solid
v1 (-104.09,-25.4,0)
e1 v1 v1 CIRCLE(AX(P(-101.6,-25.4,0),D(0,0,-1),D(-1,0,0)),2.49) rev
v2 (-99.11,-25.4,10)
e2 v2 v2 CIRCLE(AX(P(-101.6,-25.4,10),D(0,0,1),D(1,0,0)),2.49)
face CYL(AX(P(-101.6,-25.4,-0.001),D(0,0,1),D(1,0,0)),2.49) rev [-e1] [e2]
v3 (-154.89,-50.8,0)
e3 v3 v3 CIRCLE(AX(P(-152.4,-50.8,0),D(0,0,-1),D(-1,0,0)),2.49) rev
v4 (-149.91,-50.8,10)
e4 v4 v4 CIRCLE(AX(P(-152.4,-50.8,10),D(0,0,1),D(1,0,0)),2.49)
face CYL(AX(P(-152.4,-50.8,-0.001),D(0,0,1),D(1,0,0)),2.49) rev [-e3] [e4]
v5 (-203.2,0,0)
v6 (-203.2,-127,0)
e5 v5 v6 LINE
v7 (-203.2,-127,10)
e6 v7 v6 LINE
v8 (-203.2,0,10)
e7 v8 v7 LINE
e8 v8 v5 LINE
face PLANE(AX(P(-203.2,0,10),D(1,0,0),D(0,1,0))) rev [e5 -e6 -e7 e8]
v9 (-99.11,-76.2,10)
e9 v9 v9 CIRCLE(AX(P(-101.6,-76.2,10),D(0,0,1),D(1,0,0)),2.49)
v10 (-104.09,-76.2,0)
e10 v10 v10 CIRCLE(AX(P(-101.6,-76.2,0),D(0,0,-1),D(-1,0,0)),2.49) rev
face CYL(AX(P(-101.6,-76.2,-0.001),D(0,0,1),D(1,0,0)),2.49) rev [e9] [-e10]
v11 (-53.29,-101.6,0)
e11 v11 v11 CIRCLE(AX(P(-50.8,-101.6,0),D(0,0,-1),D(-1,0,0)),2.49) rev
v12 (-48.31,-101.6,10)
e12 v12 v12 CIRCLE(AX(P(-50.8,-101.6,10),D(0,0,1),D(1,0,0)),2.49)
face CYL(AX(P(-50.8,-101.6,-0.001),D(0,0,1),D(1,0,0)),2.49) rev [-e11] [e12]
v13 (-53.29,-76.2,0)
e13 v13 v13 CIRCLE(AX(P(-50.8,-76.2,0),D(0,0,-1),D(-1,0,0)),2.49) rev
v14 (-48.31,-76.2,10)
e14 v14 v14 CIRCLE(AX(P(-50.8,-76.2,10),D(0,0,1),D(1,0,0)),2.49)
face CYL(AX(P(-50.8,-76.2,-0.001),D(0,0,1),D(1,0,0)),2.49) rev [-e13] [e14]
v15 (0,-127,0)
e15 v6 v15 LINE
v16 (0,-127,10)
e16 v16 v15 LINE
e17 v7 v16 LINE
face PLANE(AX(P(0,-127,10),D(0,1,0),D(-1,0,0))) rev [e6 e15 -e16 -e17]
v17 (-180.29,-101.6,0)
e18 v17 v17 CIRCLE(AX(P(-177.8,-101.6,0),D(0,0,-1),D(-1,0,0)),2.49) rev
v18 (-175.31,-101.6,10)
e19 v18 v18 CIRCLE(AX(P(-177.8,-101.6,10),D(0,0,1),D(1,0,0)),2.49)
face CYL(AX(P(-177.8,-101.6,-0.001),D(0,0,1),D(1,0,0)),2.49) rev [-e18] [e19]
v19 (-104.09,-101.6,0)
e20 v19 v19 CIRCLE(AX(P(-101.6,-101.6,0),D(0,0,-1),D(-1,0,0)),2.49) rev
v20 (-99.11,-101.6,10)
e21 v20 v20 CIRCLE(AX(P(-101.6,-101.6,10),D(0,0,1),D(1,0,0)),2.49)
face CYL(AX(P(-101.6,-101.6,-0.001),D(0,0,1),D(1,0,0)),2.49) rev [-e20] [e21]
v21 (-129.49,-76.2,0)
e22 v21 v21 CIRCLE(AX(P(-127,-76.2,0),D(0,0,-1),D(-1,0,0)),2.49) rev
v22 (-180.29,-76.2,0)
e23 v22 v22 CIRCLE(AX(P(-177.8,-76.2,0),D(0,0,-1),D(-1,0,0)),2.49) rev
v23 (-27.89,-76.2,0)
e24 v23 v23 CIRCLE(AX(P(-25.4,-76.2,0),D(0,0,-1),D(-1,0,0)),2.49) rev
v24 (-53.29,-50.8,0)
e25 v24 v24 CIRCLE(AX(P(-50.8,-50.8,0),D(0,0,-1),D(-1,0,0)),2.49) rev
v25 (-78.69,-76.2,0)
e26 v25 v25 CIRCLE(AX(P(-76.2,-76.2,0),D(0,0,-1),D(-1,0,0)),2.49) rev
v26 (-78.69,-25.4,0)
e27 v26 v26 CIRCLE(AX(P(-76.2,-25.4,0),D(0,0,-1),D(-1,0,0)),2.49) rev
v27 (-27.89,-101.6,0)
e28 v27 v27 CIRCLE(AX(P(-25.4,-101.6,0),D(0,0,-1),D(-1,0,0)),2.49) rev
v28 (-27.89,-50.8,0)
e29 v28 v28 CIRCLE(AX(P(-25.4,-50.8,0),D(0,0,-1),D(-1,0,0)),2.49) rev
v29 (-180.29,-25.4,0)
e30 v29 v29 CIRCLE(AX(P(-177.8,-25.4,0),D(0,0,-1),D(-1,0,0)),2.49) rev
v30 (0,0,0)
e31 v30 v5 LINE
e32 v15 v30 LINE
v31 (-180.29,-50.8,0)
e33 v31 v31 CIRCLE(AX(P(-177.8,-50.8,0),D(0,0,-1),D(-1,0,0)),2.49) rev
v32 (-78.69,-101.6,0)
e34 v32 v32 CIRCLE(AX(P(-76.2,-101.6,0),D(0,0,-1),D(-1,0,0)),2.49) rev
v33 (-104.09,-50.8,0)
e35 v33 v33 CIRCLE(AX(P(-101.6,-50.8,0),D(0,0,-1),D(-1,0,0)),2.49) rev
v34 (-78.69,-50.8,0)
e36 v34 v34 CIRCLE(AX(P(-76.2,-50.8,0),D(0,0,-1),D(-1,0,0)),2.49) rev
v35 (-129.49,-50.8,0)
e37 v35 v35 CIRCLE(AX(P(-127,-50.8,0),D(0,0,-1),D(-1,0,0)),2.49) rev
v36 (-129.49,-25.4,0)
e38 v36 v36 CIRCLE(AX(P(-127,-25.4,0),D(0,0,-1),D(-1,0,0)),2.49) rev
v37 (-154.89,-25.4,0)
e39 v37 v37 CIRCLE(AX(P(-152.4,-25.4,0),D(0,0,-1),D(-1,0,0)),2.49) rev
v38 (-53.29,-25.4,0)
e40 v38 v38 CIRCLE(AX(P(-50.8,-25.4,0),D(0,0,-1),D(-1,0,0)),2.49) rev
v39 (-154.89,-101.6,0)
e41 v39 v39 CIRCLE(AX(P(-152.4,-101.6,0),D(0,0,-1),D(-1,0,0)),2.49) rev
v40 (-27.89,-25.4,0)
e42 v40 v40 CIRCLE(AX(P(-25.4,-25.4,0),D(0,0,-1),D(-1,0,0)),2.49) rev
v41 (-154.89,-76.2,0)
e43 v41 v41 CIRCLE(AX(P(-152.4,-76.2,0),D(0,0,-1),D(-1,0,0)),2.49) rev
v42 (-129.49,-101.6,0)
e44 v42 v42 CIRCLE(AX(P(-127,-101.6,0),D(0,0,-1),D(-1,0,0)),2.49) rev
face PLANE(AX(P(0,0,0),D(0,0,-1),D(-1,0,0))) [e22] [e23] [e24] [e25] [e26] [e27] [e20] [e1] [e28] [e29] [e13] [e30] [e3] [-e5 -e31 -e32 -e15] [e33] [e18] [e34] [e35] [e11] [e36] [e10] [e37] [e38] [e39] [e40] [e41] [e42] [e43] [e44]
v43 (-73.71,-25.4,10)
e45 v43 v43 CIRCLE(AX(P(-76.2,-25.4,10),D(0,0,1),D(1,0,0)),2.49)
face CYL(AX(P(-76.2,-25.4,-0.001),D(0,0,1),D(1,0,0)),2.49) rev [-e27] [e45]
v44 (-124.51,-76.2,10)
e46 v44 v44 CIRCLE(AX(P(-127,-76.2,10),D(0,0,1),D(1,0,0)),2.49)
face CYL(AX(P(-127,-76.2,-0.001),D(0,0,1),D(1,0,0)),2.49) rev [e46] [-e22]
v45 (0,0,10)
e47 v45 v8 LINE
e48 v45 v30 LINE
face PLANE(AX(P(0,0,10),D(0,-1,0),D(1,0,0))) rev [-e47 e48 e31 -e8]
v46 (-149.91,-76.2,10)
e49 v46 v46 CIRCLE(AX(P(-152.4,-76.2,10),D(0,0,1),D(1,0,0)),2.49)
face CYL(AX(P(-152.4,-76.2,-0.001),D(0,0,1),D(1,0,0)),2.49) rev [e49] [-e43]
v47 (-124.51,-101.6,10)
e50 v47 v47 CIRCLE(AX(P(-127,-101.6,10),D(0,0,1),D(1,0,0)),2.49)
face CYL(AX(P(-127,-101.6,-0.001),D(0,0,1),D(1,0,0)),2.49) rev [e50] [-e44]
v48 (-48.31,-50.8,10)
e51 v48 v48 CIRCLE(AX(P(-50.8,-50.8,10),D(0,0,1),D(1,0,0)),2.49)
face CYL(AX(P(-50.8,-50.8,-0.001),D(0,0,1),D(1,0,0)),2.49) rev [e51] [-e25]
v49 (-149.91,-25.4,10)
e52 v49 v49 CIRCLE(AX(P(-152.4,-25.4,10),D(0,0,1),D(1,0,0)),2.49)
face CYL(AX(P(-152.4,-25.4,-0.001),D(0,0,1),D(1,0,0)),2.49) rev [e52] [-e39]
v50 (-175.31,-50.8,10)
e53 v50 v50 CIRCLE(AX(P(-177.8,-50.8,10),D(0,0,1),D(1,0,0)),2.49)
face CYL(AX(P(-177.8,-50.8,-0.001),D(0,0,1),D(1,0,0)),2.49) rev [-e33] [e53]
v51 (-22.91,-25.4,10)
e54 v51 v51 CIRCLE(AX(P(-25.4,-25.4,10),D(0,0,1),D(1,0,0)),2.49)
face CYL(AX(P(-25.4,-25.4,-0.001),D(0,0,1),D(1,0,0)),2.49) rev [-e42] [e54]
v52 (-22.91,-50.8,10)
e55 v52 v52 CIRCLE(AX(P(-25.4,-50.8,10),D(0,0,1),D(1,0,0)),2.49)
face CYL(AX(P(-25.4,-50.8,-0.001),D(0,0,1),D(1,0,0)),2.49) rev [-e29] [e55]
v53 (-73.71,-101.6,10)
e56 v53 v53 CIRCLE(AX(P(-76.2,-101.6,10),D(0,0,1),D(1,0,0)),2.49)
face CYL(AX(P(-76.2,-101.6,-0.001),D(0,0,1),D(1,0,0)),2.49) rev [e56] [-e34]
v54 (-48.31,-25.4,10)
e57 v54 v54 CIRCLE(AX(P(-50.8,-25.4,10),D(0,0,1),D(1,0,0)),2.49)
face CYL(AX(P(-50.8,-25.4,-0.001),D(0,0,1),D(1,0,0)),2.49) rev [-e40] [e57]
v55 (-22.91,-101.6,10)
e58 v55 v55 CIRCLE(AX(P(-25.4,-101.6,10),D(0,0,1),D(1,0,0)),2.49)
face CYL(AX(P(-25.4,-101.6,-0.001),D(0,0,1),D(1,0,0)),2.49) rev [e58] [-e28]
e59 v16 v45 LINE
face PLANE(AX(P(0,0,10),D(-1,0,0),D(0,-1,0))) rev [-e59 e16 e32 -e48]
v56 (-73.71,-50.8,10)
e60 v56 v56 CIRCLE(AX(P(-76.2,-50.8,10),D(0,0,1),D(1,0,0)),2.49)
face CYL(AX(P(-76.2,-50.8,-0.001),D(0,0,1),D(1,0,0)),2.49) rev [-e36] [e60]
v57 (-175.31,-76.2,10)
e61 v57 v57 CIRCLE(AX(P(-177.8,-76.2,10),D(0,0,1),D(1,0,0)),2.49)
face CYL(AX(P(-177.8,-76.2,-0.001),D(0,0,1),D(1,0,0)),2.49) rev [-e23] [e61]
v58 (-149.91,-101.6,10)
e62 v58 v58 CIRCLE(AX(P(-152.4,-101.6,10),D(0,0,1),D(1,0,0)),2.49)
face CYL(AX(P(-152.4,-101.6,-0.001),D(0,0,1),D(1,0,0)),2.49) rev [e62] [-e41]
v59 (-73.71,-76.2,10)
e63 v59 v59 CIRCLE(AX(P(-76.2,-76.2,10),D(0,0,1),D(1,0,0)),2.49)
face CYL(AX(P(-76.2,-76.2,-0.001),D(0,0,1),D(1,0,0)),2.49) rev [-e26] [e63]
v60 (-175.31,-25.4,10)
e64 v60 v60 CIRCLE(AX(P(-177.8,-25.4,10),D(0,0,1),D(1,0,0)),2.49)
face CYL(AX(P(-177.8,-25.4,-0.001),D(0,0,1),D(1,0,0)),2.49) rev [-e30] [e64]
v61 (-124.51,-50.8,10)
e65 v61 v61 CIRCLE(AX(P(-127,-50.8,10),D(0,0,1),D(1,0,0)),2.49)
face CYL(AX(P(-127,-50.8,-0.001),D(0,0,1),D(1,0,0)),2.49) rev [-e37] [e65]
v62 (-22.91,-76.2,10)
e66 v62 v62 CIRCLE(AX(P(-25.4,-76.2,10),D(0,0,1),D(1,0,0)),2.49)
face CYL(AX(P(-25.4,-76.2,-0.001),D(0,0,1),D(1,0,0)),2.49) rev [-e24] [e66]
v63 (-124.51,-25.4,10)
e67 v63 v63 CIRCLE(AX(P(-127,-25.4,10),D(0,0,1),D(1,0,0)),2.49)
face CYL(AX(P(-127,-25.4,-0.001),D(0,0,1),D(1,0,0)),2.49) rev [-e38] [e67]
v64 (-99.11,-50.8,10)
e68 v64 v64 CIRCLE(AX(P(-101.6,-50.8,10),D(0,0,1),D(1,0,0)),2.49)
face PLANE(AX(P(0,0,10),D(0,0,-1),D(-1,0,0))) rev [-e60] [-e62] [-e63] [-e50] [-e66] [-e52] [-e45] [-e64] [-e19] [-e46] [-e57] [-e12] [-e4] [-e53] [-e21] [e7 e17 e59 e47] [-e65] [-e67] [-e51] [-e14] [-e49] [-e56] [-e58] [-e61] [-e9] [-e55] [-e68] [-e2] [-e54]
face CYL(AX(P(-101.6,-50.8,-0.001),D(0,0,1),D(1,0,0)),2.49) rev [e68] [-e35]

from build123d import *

# Parameters (mm, degrees)
SKETCH1_W           = 203.2
SKETCH1_H           = 127
BOSS_EXTRUDE1_DEPTH = 10
SKETCH2_R           = 2.49
CUT_EXTRUDE1_DEPTH  = 10


with BuildPart() as part:
    # Sketch1 → Boss-Extrude1 (new body)
    with BuildSketch(Plane.XY):
        with Locations((-101.6, -63.5)):
            Rectangle(SKETCH1_W, SKETCH1_H)
    extrude(amount=BOSS_EXTRUDE1_DEPTH)

    # Sketch2 → Cut-Extrude1 (cut)
    with BuildSketch(Plane.XY.offset(10)):
        with Locations((-177.8, -25.4)):
            Circle(SKETCH2_R)
        with Locations((-152.4, -25.4)):
            Circle(SKETCH2_R)
        with Locations((-127, -25.4)):
            Circle(SKETCH2_R)
        with Locations((-101.6, -25.4)):
            Circle(SKETCH2_R)
        with Locations((-76.2, -25.4)):
            Circle(SKETCH2_R)
        with Locations((-50.8, -25.4)):
            Circle(SKETCH2_R)
        with Locations((-25.4, -25.4)):
            Circle(SKETCH2_R)
        with Locations((-152.4, -50.8)):
            Circle(SKETCH2_R)
        with Locations((-127, -50.8)):
            Circle(SKETCH2_R)
        with Locations((-101.6, -50.8)):
            Circle(SKETCH2_R)
        with Locations((-76.2, -50.8)):
            Circle(SKETCH2_R)
        with Locations((-50.8, -50.8)):
            Circle(SKETCH2_R)
        with Locations((-25.4, -50.8)):
            Circle(SKETCH2_R)
        with Locations((-152.4, -76.2)):
            Circle(SKETCH2_R)
        with Locations((-127, -76.2)):
            Circle(SKETCH2_R)
        with Locations((-101.6, -76.2)):
            Circle(SKETCH2_R)
        with Locations((-76.2, -76.2)):
            Circle(SKETCH2_R)
        with Locations((-50.8, -76.2)):
            Circle(SKETCH2_R)
        with Locations((-25.4, -76.2)):
            Circle(SKETCH2_R)
        with Locations((-152.4, -101.6)):
            Circle(SKETCH2_R)
        with Locations((-127, -101.6)):
            Circle(SKETCH2_R)
        with Locations((-101.6, -101.6)):
            Circle(SKETCH2_R)
        with Locations((-76.2, -101.6)):
            Circle(SKETCH2_R)
        with Locations((-50.8, -101.6)):
            Circle(SKETCH2_R)
        with Locations((-25.4, -101.6)):
            Circle(SKETCH2_R)
        with Locations((-177.8, -50.8)):
            Circle(SKETCH2_R)
        with Locations((-177.8, -76.2)):
            Circle(SKETCH2_R)
        with Locations((-177.8, -101.6)):
            Circle(SKETCH2_R)
    extrude(amount=-CUT_EXTRUDE1_DEPTH, mode=Mode.SUBTRACT)


solid = part.part
